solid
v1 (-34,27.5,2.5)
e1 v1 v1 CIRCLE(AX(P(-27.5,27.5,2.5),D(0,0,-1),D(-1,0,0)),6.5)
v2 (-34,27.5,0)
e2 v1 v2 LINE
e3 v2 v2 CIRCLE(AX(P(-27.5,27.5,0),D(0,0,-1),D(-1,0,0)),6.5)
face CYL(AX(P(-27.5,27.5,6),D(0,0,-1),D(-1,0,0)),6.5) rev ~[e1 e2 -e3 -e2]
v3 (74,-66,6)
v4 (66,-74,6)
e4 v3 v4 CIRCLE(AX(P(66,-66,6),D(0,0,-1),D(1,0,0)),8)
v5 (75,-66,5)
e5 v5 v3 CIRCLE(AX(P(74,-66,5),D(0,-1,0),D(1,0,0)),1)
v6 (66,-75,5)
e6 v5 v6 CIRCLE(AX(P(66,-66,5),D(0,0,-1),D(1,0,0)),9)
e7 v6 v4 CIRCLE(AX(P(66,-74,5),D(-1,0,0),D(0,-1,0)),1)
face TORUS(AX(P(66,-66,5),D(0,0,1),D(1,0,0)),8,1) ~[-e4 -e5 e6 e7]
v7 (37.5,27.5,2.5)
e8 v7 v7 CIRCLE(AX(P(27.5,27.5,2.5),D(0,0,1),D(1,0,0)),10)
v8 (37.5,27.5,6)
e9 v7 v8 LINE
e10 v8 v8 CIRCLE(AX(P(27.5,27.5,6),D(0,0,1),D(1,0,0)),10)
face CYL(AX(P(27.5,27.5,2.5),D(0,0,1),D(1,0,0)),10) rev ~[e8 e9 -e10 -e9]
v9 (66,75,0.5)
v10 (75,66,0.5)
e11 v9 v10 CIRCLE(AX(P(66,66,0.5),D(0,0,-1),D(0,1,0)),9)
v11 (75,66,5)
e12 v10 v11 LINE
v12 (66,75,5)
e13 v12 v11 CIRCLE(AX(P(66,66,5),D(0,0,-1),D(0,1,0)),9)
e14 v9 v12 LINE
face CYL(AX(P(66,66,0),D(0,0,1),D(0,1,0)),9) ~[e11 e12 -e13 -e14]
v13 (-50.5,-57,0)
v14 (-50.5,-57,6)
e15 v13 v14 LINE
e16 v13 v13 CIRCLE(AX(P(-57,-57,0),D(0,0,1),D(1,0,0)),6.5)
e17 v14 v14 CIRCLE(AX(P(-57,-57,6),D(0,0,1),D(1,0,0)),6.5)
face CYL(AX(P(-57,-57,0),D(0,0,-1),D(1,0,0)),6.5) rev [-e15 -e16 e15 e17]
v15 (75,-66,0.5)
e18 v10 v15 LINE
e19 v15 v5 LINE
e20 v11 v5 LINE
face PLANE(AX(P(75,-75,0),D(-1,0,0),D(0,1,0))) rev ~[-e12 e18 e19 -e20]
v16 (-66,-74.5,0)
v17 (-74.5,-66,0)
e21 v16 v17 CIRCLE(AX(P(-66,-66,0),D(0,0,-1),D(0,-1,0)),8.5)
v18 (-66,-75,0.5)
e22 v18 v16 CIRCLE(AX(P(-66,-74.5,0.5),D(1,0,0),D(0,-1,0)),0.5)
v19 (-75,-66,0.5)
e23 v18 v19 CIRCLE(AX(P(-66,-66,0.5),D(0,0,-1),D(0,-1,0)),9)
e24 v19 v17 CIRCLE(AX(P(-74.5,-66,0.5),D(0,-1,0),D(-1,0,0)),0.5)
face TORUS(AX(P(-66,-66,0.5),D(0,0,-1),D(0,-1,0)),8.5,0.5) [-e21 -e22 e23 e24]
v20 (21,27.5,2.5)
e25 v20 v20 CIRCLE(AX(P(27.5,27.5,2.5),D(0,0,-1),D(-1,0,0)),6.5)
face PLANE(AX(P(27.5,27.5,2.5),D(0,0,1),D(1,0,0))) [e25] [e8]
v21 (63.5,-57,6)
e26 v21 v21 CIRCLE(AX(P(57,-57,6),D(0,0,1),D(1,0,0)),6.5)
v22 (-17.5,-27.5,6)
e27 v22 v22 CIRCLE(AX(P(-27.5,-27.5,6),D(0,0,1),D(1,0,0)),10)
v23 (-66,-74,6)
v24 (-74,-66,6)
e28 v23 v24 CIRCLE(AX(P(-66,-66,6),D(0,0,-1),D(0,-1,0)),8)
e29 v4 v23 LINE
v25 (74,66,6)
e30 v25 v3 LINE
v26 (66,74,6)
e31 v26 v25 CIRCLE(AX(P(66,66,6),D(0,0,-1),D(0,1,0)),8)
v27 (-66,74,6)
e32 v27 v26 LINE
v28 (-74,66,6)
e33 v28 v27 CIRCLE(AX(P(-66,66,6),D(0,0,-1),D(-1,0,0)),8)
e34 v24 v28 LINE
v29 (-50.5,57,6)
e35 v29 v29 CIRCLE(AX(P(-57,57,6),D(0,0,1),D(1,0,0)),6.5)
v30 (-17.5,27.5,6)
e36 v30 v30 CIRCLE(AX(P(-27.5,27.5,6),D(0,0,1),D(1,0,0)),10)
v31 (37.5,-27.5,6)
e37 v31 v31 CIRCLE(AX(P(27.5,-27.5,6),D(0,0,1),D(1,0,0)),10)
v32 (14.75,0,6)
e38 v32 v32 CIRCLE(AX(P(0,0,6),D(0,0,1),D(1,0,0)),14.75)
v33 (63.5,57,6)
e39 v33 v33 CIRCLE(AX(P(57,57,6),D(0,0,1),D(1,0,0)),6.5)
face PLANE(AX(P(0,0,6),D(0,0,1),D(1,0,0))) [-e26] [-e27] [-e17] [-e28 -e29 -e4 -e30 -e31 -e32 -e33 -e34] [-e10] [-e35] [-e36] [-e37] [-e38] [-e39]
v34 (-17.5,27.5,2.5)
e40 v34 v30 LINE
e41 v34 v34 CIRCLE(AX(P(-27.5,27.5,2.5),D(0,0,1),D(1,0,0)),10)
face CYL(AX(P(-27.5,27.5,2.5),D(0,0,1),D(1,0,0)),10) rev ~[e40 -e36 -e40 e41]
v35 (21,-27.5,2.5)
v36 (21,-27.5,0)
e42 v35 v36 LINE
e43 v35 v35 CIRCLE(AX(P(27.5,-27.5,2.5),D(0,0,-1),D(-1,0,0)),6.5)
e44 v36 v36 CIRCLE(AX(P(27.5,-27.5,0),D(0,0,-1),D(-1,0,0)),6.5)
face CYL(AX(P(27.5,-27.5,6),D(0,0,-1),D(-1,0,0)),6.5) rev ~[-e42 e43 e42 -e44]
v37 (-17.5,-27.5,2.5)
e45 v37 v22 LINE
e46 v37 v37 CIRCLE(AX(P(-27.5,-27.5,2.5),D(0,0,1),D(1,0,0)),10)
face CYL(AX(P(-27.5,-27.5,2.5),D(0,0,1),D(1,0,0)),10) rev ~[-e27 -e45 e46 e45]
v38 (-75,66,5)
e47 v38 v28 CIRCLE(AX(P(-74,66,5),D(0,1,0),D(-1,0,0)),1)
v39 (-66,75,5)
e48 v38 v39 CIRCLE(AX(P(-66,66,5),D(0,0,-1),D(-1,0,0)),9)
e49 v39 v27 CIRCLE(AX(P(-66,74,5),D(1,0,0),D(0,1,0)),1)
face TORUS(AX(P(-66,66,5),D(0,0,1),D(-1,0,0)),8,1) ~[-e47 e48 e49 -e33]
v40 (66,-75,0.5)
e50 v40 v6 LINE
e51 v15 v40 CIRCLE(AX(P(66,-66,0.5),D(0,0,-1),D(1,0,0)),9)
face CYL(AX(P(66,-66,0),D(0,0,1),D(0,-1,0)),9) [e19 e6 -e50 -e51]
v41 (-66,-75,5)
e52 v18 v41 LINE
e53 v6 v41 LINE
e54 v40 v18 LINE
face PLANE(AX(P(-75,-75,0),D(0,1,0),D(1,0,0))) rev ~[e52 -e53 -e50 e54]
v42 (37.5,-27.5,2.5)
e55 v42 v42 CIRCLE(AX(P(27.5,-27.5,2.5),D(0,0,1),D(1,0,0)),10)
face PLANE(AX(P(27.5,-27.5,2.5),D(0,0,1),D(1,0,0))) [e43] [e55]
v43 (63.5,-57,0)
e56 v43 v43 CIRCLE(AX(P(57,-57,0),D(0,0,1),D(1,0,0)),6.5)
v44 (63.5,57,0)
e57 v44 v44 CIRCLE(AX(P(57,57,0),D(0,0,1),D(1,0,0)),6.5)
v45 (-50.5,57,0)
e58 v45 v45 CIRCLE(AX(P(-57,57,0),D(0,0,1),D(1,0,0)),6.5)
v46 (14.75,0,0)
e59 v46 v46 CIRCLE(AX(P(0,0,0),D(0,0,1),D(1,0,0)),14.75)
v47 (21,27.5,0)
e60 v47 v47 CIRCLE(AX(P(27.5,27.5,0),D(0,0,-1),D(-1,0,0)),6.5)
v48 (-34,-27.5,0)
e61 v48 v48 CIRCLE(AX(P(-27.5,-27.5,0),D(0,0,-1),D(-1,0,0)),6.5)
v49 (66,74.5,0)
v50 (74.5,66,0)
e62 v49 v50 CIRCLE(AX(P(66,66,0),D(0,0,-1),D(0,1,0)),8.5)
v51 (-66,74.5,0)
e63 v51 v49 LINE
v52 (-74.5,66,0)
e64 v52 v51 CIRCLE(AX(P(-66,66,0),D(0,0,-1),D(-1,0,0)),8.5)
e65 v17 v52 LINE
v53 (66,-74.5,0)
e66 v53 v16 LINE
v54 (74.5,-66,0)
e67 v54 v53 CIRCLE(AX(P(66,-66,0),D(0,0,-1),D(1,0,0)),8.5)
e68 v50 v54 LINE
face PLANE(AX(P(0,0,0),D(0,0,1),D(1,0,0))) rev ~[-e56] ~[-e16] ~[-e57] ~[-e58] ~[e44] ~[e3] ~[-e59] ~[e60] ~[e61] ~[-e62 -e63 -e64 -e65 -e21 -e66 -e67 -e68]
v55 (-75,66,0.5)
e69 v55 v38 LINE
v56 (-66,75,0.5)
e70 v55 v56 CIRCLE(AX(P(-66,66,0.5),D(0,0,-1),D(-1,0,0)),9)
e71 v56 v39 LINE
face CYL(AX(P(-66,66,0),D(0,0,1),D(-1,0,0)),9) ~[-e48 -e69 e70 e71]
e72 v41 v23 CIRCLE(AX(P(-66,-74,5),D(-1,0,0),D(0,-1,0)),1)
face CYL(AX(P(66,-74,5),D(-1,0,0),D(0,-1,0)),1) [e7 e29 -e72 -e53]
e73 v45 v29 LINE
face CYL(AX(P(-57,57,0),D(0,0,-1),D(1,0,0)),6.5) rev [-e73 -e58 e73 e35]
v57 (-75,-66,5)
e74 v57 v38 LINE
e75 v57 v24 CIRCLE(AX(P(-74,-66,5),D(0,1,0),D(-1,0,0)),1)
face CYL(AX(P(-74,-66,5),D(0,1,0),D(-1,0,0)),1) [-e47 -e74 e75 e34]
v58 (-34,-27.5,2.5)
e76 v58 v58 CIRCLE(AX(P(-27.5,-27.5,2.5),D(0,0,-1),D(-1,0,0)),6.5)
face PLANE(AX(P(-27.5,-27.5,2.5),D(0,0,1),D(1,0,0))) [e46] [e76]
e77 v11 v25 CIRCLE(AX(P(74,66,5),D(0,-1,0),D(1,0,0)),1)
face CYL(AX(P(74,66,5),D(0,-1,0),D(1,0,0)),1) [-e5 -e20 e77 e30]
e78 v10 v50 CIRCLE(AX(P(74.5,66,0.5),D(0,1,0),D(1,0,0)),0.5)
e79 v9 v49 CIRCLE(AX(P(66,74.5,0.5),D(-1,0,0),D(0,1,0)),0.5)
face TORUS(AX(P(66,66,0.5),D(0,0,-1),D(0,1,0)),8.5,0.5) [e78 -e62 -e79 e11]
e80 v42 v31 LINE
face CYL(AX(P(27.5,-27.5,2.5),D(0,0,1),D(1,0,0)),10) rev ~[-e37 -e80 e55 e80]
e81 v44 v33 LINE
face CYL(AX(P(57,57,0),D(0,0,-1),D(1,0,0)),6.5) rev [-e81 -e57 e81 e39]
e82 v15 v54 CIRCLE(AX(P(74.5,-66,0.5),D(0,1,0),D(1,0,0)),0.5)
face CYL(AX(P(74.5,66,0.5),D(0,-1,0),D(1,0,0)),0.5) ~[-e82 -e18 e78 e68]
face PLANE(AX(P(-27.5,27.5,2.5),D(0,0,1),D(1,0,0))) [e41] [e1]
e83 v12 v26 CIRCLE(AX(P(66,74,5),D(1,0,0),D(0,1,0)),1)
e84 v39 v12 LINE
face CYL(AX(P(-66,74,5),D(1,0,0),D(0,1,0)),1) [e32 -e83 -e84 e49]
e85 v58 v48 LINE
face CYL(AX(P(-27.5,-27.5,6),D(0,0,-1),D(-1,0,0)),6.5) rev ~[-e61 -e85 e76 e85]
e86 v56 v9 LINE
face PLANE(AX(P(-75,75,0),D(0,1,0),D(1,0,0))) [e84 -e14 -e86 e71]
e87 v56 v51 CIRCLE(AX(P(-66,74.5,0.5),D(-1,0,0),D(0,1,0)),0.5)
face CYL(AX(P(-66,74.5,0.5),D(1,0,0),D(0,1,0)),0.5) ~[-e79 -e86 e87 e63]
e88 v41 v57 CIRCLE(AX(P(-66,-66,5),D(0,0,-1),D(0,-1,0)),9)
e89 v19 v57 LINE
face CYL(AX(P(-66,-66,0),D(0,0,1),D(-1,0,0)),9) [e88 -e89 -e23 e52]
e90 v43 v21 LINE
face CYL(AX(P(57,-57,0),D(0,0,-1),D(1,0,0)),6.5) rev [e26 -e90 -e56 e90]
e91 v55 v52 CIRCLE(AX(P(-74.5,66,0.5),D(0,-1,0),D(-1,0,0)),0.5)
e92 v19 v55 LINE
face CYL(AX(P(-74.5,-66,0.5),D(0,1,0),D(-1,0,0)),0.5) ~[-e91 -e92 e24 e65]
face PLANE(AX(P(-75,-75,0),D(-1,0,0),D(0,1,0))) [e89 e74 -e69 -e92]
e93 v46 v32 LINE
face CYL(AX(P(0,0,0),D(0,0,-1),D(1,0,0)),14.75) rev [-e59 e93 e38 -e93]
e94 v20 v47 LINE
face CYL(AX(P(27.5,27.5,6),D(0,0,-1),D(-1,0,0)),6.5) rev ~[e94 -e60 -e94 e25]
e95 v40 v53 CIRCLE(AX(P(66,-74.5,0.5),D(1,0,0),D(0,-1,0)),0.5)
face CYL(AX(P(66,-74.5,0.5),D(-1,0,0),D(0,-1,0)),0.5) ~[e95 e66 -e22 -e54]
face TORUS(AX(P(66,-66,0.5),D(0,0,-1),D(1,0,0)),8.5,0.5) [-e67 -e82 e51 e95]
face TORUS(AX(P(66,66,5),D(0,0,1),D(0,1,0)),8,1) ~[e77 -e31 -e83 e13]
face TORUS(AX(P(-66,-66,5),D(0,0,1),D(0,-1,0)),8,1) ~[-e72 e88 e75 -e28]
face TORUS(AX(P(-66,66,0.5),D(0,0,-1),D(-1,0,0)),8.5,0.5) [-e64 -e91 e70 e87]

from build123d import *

# Parameters (mm, degrees)
F0_W           = 150
F0_H           = 150
F0_R           = 6.5
F0_R_2         = 14.75
F1_DEPTH       = 6
F2_R           = 9
F4_D           = 13
F4_CBORE_D     = 20
F4_CBORE_DEPTH = 3.5
F5_R           = 1
F6_R           = 0.5


with BuildPart() as f1:
    # F0 (on Top) → F1 (new body)
    with BuildSketch(Plane.XY):
        Rectangle(F0_W, F0_H)
        with Locations((-57, -57)):
            Circle(F0_R, mode=Mode.SUBTRACT)
        with Locations((57, -57)):
            Circle(F0_R, mode=Mode.SUBTRACT)
        with Locations((-57, 57)):
            Circle(F0_R, mode=Mode.SUBTRACT)
        Circle(F0_R_2, mode=Mode.SUBTRACT)
        with Locations((57, 57)):
            Circle(F0_R, mode=Mode.SUBTRACT)
    extrude(amount=F1_DEPTH)

    # F2
    f2_edges = [f1.edges().sort_by_distance(p)[0] for p in [
        (-75, -75, 3),
        (-75, 75, 3),
        (75, -75, 3),
        (75, 75, 3),
    ]]
    fillet(f2_edges, radius=F2_R)

    # F4 (through all)
    with Locations(Plane.XY.offset(6)):
        with Locations((-27.5, 27.5), (27.5, 27.5), (27.5, -27.5), (-27.5, -27.5)):
            CounterBoreHole(F4_D / 2, F4_CBORE_D / 2, F4_CBORE_DEPTH)

    # F5
    f5_edges = [f1.edges().sort_by_distance(p)[0] for p in [
        (-72.363961, 72.363961, 6),
        (0, 75, 6),
        (-75, 0, 6),
    ]]
    fillet(f5_edges, radius=F5_R)

    # F6
    f6_edges = [f1.edges().sort_by_distance(p)[0] for p in [
        (-75, 66, 2.5),
        (-75, 0, 5),
        (-75, 0, 0),
        (-75, -66, 2.5),
        (-66, -75, 2.5),
        (0, -75, 5),
        (0, -75, 0),
        (66, -75, 2.5),
    ]]
    fillet(f6_edges, radius=F6_R)


solid = f1.part
